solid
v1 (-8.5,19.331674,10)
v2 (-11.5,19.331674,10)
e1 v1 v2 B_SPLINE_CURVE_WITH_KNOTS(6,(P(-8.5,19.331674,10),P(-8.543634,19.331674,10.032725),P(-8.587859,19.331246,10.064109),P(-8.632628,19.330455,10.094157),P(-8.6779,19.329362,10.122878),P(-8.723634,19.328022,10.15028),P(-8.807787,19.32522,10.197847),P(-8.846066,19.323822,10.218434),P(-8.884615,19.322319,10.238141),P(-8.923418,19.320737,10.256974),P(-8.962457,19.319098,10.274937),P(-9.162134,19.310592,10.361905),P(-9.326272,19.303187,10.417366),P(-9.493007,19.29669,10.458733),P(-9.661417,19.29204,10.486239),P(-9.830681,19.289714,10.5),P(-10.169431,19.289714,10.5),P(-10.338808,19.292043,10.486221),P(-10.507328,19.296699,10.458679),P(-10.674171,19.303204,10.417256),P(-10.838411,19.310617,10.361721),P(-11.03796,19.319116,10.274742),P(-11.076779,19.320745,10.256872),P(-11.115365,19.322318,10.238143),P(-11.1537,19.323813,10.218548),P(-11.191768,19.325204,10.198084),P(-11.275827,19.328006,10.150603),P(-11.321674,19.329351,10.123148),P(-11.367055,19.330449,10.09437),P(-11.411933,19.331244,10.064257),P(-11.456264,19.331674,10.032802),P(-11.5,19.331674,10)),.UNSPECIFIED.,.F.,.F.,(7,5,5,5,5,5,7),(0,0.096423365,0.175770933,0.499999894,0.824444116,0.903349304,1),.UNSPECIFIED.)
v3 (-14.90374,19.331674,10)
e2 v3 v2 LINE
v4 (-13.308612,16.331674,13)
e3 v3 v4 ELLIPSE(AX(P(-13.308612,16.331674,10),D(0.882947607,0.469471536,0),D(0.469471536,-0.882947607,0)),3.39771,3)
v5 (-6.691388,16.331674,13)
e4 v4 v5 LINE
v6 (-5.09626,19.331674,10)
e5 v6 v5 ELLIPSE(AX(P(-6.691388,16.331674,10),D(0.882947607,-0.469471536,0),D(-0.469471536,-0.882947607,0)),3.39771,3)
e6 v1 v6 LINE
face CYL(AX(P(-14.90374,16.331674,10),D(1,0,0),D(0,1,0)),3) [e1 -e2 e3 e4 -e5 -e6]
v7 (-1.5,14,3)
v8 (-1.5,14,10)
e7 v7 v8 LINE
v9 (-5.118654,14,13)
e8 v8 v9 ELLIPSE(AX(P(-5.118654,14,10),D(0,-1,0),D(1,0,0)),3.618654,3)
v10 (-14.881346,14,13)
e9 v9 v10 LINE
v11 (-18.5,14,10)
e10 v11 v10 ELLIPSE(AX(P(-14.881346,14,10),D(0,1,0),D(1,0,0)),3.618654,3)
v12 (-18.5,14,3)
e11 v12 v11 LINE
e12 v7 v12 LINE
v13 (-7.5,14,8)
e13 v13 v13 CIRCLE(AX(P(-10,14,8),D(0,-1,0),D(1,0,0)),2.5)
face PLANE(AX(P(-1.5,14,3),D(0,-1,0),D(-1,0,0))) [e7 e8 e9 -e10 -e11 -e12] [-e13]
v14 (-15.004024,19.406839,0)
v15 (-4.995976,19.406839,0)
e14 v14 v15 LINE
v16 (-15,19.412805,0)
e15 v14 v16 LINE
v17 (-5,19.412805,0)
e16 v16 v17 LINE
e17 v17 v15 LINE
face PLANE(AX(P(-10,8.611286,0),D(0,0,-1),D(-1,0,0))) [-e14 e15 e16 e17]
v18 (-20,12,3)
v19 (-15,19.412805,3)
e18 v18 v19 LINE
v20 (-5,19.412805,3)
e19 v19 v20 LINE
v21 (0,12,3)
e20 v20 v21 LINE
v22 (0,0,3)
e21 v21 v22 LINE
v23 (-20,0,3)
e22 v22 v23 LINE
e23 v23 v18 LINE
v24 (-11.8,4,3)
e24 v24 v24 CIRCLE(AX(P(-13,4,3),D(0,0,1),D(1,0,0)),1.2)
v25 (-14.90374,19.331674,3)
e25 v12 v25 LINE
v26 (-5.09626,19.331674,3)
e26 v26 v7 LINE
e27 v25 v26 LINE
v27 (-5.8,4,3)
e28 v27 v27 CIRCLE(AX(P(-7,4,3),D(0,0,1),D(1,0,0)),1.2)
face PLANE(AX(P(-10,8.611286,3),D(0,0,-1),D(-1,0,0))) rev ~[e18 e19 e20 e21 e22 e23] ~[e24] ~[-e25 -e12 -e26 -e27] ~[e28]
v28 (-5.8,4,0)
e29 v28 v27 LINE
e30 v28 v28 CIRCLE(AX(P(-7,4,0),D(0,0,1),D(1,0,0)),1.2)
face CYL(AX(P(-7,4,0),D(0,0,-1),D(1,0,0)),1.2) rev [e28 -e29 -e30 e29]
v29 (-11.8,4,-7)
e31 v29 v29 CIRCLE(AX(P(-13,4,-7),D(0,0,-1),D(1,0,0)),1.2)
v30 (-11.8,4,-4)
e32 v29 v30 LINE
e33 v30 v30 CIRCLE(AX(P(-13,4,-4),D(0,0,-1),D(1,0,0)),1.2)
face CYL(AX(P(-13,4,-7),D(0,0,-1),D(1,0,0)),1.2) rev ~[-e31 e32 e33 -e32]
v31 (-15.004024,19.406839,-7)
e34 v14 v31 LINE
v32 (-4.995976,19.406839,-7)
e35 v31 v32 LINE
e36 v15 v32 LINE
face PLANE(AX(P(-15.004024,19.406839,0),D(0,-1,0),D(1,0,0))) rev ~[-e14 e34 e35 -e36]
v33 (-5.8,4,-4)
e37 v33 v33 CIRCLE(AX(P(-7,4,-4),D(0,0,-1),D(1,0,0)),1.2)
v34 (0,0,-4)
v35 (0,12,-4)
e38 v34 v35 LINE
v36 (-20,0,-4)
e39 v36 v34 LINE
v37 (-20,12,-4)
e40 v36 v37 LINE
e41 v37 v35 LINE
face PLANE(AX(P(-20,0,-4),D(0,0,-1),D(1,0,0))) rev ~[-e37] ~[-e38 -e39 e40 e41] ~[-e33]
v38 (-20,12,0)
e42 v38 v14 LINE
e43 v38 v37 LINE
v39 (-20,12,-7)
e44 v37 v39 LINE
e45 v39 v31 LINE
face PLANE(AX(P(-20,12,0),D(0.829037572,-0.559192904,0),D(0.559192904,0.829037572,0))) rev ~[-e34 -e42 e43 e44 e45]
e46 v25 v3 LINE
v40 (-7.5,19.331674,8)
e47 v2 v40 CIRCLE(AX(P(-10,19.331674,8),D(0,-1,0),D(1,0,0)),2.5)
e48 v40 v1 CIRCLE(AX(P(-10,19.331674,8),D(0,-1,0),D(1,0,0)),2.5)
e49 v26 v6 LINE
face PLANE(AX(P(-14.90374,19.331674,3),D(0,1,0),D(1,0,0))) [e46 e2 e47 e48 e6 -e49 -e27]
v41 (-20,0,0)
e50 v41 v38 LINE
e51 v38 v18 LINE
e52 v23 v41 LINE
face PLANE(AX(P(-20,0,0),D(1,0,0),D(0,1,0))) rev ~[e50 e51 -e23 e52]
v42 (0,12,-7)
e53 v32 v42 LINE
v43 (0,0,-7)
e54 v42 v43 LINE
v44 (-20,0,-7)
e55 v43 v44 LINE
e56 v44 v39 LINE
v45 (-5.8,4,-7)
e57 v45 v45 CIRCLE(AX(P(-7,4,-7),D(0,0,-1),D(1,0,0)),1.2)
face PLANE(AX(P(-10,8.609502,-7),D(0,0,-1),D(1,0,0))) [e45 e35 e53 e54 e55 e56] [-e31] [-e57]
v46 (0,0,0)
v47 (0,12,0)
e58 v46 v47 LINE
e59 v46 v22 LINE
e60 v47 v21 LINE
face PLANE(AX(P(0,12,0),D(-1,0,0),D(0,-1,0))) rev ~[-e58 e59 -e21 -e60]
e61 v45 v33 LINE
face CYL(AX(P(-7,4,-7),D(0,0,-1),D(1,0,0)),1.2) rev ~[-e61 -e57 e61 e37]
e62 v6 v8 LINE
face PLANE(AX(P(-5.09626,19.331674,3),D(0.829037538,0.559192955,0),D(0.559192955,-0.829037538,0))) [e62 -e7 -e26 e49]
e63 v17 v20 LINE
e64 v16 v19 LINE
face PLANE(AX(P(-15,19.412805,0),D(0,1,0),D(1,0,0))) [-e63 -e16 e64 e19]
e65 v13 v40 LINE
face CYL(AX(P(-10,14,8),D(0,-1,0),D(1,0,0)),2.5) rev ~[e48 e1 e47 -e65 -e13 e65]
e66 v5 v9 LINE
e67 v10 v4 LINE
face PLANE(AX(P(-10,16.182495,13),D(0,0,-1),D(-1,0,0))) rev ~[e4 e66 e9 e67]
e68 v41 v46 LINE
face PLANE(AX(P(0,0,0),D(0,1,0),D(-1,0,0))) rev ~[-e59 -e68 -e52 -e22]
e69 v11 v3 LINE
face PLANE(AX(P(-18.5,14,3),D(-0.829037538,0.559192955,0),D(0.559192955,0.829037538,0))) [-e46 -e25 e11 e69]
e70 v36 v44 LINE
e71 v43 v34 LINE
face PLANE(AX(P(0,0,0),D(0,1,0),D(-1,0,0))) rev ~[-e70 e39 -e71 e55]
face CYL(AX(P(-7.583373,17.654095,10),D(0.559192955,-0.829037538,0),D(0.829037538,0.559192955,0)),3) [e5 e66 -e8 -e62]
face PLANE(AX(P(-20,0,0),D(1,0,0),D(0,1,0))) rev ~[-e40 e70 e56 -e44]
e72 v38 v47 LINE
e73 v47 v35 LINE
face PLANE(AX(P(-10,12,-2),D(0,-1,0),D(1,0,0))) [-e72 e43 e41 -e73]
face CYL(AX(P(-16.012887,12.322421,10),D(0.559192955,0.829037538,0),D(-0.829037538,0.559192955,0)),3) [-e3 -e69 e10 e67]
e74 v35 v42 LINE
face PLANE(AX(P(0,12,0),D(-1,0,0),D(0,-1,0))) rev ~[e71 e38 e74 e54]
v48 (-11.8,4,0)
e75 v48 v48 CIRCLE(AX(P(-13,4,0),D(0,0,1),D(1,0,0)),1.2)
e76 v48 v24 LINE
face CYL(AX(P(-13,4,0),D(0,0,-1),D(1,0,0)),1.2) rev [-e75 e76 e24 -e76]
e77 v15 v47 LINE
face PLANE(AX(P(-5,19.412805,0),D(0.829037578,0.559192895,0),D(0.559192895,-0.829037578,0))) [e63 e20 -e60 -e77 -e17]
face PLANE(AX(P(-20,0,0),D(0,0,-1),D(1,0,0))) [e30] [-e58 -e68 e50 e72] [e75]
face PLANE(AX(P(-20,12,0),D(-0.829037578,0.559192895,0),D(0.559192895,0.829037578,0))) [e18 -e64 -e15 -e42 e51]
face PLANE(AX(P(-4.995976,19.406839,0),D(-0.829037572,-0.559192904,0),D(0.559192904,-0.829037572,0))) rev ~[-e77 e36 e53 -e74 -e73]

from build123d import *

# Parameters (mm, degrees)
SKETCH_R        = 1.2
PAD_DEPTH       = 3
PAD001_DEPTH    = 10
FILLET_R        = 3
SKETCH002_R     = 2.5
POCKET_DEPTH    = 6
PAD002_DEPTH    = 7
SKETCH004_W     = 20
SKETCH004_H     = 4
POCKET001_DEPTH = 12
SKETCH006_R     = 1.2
POCKET002_DEPTH = 5


with BuildPart() as part:
    # Sketch → Pad (new body)
    with BuildSketch(Plane.XY):
        Polygon((0, 12), (0, 0), (-20, 0), (-20, 12), (-15, 19.412805), (-5, 19.412805), align=None)
        with Locations((-13, 4)):
            Circle(SKETCH_R, mode=Mode.SUBTRACT)
        with Locations((-7, 4)):
            Circle(SKETCH_R, mode=Mode.SUBTRACT)
    extrude(amount=PAD_DEPTH)

    # Sketch001 (on Face10 of Pad) → Pad001 (join)
    with BuildSketch(Plane.XY.offset(3)):
        Polygon((-14.90374, 19.331674), (-5.09626, 19.331674), (-1.5, 14), (-18.5, 14), align=None)
    extrude(amount=PAD001_DEPTH)

    # Fillet
    fillet_edges = [part.edges().sort_by_distance(p)[0] for p in [
        (-3.29813, 16.665837, 13),
        (-10, 19.331674, 13),
        (-16.70187, 16.665837, 13),
    ]]
    fillet(fillet_edges, radius=FILLET_R)

    # Sketch002 (on Face12 of Pad001) → Pocket (cut)
    with BuildSketch(Plane.XZ.offset(-14)):
        with Locations((-10, 8)):
            Circle(SKETCH002_R)
    extrude(amount=-POCKET_DEPTH, mode=Mode.SUBTRACT)

    # Sketch003 (on Face19 of Pocket) → Pad002 (join)
    with BuildSketch(Plane(origin=(0, 0, 0), x_dir=(1, 0, 0), z_dir=(0, 0, -1))):
        Polygon((0, 0), (-20, 0), (-20, -12), (-15.004024, -19.406839), (-4.995976, -19.406839), (0, -12), align=None)
    extrude(amount=PAD002_DEPTH)

    # Sketch004 (on Face22 of Pad002) → Pocket001 (cut)
    with BuildSketch(Plane.XZ):
        with Locations((-10, -2)):
            Rectangle(SKETCH004_W, SKETCH004_H)
    extrude(amount=-POCKET001_DEPTH, mode=Mode.SUBTRACT)

    # Sketch006 (on Face26 of Pocket001) → Pocket002 (cut)
    with BuildSketch(Plane(origin=(0, 0, -7), x_dir=(1, 0, 0), z_dir=(0, 0, -1))):
        with Locations((-13, -4)):
            Circle(SKETCH006_R)
        with Locations((-7, -4)):
            Circle(SKETCH006_R)
    extrude(amount=-POCKET002_DEPTH, mode=Mode.SUBTRACT)


solid = part.part
